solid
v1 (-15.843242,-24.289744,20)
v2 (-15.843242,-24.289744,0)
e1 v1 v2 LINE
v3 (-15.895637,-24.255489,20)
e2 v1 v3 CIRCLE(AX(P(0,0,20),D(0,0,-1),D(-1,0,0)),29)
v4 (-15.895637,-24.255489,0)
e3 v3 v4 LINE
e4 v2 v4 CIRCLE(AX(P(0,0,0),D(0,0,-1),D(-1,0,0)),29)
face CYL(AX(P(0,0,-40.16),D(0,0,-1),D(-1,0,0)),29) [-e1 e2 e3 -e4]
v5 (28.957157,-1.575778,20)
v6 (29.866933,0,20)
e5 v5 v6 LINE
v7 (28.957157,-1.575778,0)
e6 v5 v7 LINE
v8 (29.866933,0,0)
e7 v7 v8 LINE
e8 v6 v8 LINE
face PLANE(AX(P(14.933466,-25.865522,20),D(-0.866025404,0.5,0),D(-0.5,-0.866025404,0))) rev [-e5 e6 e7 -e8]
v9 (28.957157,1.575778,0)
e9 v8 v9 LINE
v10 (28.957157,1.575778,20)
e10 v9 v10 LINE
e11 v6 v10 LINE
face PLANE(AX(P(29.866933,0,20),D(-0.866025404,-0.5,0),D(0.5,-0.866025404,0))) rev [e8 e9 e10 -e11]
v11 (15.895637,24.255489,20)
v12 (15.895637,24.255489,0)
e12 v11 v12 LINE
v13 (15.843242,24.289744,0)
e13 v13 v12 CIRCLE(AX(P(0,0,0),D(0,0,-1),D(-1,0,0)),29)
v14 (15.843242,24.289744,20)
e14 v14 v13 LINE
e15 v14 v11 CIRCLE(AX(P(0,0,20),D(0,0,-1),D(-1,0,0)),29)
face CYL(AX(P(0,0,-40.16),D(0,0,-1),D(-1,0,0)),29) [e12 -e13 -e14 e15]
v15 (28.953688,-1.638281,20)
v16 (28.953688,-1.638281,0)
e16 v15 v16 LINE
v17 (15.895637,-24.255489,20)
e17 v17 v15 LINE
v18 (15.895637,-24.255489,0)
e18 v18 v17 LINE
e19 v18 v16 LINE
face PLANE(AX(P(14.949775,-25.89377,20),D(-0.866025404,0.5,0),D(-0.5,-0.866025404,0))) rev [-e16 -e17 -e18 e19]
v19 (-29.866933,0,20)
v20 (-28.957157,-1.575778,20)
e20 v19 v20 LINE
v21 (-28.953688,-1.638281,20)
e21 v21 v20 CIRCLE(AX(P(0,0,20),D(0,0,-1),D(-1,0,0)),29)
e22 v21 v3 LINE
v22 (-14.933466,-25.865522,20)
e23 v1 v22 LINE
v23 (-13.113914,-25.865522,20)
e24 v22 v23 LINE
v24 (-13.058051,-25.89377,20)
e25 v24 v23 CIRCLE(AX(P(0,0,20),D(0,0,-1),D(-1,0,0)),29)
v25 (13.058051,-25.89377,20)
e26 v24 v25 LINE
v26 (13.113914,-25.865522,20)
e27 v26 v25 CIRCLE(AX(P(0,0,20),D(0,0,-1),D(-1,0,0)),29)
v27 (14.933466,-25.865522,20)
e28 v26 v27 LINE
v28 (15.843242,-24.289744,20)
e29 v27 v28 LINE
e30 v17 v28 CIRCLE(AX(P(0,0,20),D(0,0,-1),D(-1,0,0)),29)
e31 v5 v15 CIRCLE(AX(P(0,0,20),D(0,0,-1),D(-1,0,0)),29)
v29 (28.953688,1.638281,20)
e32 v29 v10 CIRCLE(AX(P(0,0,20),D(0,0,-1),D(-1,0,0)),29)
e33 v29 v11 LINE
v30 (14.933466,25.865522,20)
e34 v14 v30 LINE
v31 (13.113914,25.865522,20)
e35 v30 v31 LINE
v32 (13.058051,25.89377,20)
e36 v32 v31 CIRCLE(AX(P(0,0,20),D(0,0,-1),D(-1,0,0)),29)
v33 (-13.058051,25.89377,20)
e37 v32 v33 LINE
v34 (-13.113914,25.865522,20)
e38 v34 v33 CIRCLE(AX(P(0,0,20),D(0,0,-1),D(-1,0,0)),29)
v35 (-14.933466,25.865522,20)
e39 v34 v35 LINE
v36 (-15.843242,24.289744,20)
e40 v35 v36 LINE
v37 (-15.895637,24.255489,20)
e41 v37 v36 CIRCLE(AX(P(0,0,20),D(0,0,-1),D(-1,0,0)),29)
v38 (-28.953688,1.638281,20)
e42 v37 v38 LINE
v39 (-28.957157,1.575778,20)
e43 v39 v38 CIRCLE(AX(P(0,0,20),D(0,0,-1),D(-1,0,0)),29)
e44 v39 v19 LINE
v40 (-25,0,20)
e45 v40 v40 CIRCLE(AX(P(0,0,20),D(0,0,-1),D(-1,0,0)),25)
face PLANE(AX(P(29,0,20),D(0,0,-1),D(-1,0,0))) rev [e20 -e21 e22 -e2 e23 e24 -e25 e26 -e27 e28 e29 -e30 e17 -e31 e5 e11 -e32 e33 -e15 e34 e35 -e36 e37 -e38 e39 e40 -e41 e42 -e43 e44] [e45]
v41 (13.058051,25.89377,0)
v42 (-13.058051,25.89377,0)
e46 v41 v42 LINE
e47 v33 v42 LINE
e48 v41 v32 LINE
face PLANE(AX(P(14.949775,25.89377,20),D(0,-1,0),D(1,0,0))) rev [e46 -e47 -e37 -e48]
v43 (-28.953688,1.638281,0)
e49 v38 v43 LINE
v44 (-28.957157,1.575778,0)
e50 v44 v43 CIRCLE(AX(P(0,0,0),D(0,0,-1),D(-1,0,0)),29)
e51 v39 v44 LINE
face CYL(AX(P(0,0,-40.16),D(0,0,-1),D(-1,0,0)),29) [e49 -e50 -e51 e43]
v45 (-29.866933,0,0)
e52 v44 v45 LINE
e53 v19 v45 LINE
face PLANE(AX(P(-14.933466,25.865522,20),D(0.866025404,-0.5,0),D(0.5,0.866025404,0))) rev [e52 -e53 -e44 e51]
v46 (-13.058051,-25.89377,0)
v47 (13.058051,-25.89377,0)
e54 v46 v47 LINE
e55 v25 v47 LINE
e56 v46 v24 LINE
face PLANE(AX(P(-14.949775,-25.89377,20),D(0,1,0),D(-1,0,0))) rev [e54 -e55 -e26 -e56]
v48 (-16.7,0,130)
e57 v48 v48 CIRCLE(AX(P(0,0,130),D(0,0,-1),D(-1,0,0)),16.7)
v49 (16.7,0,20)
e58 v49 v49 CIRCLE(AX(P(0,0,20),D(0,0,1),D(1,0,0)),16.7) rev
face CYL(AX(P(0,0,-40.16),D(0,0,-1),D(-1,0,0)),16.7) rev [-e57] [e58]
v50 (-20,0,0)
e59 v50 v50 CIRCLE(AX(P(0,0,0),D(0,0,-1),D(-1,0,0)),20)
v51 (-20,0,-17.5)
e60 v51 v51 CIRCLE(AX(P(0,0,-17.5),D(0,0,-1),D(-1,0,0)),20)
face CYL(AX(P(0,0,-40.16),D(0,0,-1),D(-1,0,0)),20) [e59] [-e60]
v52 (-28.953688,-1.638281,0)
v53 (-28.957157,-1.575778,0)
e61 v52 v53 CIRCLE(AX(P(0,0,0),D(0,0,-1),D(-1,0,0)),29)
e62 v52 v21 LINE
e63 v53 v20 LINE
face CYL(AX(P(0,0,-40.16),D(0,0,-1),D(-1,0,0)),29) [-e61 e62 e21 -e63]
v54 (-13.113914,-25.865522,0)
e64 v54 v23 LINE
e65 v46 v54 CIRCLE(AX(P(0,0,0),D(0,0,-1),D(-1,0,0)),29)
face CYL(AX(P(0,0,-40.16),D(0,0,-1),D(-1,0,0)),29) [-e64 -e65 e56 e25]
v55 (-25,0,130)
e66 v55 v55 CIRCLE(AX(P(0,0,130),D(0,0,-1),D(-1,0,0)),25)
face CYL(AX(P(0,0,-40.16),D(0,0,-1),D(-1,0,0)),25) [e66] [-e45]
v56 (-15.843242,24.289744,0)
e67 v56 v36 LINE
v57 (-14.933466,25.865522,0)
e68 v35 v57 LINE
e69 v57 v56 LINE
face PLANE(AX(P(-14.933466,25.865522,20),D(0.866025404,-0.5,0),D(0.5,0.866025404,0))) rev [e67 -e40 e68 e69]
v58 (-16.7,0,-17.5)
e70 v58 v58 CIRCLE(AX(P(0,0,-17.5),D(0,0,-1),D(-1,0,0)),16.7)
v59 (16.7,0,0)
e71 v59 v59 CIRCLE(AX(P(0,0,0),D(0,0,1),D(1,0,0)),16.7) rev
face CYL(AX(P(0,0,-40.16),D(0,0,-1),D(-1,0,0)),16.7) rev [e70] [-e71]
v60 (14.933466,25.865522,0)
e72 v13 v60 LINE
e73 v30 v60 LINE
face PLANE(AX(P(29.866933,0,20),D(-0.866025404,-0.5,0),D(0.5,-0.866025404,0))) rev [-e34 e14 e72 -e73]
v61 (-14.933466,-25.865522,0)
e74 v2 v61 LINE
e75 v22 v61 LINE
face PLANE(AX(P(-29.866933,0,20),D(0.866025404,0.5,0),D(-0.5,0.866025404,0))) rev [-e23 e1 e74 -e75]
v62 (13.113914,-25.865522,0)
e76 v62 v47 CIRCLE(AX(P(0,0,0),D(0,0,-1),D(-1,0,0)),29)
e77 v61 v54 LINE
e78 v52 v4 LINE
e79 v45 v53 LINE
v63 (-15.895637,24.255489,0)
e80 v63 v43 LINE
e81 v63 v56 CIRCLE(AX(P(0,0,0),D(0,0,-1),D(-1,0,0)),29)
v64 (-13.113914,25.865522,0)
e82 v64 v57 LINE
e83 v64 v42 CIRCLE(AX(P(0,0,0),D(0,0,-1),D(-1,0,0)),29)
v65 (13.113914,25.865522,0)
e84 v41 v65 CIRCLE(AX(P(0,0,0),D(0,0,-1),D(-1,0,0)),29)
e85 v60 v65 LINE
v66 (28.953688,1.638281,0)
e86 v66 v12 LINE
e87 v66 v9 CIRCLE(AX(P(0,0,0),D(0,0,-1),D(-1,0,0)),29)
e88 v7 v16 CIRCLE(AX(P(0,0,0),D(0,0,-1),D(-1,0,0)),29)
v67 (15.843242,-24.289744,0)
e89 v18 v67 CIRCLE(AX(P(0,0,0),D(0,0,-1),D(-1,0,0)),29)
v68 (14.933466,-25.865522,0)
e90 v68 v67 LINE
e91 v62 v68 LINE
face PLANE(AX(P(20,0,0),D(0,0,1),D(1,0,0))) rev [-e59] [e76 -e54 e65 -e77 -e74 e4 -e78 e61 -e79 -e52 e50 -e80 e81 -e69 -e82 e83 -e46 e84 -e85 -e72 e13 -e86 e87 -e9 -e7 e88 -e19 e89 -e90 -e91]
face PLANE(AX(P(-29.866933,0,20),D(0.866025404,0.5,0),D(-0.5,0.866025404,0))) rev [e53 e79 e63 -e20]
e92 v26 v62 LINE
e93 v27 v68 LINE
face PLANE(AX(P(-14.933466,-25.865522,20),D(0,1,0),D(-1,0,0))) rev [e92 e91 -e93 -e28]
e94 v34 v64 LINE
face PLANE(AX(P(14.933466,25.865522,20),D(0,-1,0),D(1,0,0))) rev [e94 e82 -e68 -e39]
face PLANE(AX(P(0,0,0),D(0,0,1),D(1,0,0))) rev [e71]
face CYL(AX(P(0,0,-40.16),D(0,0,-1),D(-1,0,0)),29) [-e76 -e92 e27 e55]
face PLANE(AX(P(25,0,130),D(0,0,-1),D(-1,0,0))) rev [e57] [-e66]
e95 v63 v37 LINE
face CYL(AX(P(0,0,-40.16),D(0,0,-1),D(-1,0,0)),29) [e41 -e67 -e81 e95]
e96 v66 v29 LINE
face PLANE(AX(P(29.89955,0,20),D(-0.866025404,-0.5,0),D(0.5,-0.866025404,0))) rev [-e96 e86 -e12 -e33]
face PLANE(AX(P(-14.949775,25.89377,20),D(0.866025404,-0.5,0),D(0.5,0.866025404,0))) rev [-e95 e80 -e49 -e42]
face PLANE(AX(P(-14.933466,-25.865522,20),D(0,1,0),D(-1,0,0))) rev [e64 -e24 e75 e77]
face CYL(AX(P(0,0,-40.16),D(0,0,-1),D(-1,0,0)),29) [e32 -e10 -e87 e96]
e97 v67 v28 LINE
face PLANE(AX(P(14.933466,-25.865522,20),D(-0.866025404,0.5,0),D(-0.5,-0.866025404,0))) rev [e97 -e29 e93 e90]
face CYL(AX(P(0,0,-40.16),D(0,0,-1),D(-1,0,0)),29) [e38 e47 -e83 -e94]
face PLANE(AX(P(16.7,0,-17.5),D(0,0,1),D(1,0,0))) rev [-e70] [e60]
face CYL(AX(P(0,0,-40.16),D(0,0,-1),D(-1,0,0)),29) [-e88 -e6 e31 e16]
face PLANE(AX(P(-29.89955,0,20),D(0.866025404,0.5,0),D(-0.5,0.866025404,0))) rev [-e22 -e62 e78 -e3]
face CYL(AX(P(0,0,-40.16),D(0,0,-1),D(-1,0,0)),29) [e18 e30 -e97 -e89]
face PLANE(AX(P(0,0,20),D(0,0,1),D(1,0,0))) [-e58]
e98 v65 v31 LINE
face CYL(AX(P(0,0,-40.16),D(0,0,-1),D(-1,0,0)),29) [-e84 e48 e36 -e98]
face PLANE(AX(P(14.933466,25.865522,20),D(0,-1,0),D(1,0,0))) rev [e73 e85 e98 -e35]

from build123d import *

# Parameters (mm, degrees)
SALIENTE_EXTRUIR1_DEPTH = 20
CROQUIS4_OUTSIDE_W      = 95.61
CROQUIS4_OUTSIDE_H      = 93.876
CORTAR_EXTRUIR3_DEPTH   = 20


with BuildPart() as part:
    # Croquis1 → Revolución1 (revolve)
    with BuildSketch(Plane(origin=(0, 0, 0), x_dir=(1, 0, 0), z_dir=(0, 1, 0))):
        Polygon((16.7, -87.44), (16.7, 17.5), (20, 17.5), (20, 0), (29, 0), (29, -20), (25, -20), (25, -130), (16.7, -130), align=None)
    revolve(axis=Axis((0, 0, -40.16), (0, 0, 1)))

    # Croquis3 → Saliente-Extruir1 (add)
    with BuildSketch(Plane.XY):
        Polygon((29.866932707, 0), (14.933466354, 25.865522458), (-14.933466354, 25.865522458), (-29.866932707, 0), (-14.933466354, -25.865522458), (14.933466354, -25.865522458), align=None)
    extrude(amount=SALIENTE_EXTRUIR1_DEPTH)

    # Croquis4 outside → Cortar-Extruir3 (cut)
    with BuildSketch(Plane.XY):
        Rectangle(CROQUIS4_OUTSIDE_W, CROQUIS4_OUTSIDE_H)
        Polygon((29.899549638, 0), (14.949774819, 25.893769548), (-14.949774819, 25.893769548), (-29.899549638, 0), (-14.949774819, -25.893769548), (14.949774819, -25.893769548), align=None, mode=Mode.SUBTRACT)
    extrude(amount=CORTAR_EXTRUIR3_DEPTH, mode=Mode.SUBTRACT)


solid = part.part
